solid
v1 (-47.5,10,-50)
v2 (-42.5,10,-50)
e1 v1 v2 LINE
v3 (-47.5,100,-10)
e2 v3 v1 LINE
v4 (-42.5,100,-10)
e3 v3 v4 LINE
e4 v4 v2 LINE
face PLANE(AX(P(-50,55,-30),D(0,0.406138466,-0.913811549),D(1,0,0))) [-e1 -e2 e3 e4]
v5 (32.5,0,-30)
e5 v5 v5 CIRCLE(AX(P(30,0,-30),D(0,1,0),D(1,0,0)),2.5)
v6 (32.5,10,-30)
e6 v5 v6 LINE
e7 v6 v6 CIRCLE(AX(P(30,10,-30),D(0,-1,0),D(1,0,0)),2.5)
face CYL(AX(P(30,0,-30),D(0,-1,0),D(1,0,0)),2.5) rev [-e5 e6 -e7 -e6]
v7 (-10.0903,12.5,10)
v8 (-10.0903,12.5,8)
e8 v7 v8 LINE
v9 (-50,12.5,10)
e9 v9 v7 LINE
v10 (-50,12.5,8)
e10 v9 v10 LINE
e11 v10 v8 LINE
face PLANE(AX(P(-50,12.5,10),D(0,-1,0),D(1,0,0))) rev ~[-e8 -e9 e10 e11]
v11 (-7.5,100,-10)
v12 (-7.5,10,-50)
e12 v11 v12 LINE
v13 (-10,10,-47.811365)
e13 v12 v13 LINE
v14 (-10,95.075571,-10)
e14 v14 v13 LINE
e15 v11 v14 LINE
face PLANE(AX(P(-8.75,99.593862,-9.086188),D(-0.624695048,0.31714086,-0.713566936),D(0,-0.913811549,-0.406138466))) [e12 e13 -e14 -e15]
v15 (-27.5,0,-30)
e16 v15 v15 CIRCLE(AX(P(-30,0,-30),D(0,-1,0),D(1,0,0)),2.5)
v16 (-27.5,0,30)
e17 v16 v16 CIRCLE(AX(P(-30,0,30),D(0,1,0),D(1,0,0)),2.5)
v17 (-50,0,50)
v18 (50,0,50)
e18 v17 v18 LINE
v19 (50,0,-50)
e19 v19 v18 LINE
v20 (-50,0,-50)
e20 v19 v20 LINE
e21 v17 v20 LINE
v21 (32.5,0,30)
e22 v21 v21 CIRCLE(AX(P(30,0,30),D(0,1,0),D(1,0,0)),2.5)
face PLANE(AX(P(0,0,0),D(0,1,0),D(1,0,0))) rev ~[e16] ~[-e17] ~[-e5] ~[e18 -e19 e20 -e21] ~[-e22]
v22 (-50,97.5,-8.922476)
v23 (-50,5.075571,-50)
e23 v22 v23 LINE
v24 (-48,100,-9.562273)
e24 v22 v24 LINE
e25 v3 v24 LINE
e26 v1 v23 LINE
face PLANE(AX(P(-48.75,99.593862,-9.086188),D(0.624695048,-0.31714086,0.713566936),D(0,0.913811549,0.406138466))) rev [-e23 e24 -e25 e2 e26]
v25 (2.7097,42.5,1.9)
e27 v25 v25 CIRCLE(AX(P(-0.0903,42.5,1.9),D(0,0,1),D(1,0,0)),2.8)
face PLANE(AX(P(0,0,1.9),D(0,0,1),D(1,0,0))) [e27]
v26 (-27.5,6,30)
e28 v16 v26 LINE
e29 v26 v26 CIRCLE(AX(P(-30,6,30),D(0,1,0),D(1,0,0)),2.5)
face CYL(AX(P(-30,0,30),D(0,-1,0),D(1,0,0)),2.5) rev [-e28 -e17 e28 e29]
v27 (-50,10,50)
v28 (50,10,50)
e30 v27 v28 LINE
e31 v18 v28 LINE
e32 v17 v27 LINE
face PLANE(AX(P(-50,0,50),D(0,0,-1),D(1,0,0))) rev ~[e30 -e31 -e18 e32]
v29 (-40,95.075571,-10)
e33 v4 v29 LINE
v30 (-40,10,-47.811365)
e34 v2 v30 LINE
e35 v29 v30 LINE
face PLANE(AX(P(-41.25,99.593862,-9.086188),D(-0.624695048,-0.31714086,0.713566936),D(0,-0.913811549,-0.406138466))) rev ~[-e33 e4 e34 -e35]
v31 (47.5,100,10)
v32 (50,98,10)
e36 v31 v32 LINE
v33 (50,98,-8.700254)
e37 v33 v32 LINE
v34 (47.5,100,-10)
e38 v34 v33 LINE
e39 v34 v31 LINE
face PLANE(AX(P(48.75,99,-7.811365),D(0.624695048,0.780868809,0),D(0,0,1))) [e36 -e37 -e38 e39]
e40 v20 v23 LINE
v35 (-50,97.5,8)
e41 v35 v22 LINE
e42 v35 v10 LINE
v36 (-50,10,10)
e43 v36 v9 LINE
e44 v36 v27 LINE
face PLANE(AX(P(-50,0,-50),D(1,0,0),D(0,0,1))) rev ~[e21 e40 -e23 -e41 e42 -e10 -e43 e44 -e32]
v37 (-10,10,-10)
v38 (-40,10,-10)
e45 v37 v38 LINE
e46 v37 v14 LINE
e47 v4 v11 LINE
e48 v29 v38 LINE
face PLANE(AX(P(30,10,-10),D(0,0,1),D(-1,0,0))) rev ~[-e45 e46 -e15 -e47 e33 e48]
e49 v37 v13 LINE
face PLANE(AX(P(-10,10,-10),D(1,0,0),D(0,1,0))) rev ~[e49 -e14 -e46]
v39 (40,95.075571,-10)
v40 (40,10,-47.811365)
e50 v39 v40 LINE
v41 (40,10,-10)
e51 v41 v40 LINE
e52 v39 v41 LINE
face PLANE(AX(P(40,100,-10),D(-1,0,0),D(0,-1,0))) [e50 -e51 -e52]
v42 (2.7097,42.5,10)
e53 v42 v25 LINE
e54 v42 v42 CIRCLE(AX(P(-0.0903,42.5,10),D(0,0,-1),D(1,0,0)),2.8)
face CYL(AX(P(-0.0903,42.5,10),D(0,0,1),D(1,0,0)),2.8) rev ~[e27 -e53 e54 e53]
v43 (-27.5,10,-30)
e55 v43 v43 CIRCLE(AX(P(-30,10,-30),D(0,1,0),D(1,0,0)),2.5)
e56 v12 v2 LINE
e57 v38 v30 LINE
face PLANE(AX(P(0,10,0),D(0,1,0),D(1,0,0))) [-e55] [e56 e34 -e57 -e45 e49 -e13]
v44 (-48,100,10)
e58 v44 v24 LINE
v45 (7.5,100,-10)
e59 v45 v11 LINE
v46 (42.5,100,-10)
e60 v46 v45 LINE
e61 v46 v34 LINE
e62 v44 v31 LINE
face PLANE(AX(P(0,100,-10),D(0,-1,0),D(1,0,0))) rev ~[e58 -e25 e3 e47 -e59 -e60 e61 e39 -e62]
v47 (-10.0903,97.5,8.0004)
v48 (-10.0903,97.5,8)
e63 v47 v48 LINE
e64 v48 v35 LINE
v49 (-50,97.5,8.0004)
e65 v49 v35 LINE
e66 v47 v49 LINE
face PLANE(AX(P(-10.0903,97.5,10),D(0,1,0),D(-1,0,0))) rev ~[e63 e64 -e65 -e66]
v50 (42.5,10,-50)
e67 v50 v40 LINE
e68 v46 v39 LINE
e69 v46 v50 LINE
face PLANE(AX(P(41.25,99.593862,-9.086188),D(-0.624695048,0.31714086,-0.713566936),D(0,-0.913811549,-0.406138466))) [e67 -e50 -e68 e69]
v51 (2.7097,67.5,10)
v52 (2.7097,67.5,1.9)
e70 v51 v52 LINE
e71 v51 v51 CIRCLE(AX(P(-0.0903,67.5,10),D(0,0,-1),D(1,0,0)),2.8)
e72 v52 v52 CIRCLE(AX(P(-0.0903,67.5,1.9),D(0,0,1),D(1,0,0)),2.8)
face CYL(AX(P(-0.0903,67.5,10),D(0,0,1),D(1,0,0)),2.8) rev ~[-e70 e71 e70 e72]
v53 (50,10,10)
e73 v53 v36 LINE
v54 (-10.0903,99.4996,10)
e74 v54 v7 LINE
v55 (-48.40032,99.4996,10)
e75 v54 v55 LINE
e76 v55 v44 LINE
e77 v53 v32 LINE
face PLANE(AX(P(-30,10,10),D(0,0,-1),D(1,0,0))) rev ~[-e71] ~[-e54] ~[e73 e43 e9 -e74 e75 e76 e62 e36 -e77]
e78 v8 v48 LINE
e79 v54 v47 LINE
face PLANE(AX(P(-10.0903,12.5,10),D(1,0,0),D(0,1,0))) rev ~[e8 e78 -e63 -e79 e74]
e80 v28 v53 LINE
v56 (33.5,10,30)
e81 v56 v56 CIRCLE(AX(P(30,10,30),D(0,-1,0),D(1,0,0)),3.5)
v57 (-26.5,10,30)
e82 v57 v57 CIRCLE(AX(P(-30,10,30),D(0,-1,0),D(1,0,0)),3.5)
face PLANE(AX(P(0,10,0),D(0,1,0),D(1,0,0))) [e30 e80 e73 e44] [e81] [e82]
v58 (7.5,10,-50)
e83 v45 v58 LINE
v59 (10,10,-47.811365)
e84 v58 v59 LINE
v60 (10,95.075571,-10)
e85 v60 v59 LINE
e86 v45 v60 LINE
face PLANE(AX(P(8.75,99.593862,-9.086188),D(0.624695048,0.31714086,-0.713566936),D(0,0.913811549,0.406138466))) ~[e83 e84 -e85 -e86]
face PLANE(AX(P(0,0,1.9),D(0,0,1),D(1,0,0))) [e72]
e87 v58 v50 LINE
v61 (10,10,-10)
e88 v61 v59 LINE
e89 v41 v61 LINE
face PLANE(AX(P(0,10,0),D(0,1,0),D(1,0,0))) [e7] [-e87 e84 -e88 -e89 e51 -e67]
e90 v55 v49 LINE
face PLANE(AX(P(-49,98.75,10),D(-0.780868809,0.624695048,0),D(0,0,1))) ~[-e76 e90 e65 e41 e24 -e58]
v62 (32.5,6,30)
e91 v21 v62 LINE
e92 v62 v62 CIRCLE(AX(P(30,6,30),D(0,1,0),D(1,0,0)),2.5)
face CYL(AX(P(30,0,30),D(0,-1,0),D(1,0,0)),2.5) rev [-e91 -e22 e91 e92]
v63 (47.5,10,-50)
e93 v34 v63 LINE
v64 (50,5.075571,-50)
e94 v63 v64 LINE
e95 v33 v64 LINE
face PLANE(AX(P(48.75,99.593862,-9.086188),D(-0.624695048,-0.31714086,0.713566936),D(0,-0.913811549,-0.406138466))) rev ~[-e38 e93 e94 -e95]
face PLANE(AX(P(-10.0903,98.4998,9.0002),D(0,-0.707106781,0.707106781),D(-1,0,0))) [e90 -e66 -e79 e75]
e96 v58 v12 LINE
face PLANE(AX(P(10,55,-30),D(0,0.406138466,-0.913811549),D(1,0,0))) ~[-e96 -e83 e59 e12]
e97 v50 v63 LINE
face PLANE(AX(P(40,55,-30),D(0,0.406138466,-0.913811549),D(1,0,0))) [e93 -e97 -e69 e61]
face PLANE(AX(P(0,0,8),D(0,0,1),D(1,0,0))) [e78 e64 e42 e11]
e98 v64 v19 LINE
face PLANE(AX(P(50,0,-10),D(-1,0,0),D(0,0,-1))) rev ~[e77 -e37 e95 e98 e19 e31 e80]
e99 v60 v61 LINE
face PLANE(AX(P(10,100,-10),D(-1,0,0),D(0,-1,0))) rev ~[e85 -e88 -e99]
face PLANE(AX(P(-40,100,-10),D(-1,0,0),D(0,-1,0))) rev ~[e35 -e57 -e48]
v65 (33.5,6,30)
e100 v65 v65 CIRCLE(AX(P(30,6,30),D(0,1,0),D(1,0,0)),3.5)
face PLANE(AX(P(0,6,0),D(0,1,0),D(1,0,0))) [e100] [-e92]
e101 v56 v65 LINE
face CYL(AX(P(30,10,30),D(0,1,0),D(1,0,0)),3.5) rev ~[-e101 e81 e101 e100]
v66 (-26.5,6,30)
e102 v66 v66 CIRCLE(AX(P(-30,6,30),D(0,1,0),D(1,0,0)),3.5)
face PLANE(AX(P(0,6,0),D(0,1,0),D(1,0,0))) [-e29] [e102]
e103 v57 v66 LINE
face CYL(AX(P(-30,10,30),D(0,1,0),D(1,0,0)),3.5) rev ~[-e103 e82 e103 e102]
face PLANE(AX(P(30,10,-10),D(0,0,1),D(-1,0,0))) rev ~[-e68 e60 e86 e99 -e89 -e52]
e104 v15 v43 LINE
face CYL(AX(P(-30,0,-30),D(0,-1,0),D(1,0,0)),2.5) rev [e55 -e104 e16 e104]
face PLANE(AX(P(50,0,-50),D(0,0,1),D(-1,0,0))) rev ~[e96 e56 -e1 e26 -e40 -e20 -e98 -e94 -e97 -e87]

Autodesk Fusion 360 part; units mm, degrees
sketch "Sketch1" plane through (0, 0, 0) normal (0, 1, 0) x (1, 0, 0)
  line L0 (30, 30) -> (-30, 30)
  line L1 (-30, 30) -> (-30, -30)
  line L2 (-30, -30) -> (30, -30)
  line L3 (30, -30) -> (30, 30)
  line L4 (30, 30) -> (-30, -30) construction
  line L5 (-30, 30) -> (30, -30) construction
  circle A0 centre (-30, 30) radius 2.5
  circle A1 centre (30, 30) radius 2.5
  circle A2 centre (-30, -30) radius 2.5
  circle A3 centre (30, -30) radius 2.5
  line L6 (50, 50) -> (-50, 50)
  line L7 (-50, 50) -> (-50, -50)
  line L8 (-50, -50) -> (50, -50)
  line L9 (50, -50) -> (50, 50)
  line L10 (50, 50) -> (-50, -50) construction
  line L11 (-50, 50) -> (50, -50) construction
  line L12 (50, 10) -> (-50, 10)
  line L13 (-50, 10) -> (-50, -10)
  line L14 (-50, -10) -> (50, -10)
  line L15 (50, -10) -> (50, 10)
  line L16 (50, 10) -> (-50, -10) construction
  line L17 (-50, 10) -> (50, -10) construction
  circle A4 centre (-30, -30) radius 3.5
  circle A5 centre (30, -30) radius 3.5
  dimension "d1" = 60
  dimension "d2" = 60
  dimension "d3" = 5
  dimension "d6" = 60
  dimension "d7" = -60
  dimension "d8" = 100
  dimension "d9" = 100
  dimension "d10" = 100
  dimension "d11" = 20
  dimension "d49" = 7
  dimension "d50" = 7
extrude "Extrude1" add sketch "Sketch1" along normal blind 10 contours L0 L1 L3 A0 A1 L6 L7 L9 L12 | L0 L1 L3 A0 A1 L12 | L1 L3 L12 L14 | L1 L7 L12 L13 L14 | L3 L9 L12 L14 L15 | L1 L2 L3 L14 A4 A5 | L1 L2 L3 L7 L8 L9 L14 A4 A5 | L1 L2 A2 A4 | L1 L2 A2 A4 | L2 L3 A3 A5 | L2 L3 A3 A5
extrude "Extrude2" add sketch "Sketch1" along normal blind 90 from surface at 10 contours L1 L3 L12 L14 | L1 L7 L12 L13 L14 | L3 L9 L12 L14 L15
sketch "Sketch2" plane through (0, 0, -10) normal (0, 0, -1) x (-1, 0, 0)
  line L0 (-50, 10) -> (50, 10)
  line L1 (50, 10) -> (50, 100)
  line L2 (50, 100) -> (-50, 100)
  line L3 (-50, 100) -> (-50, 10)
  line L4 (-50, 100) -> (-40, 100)
  line L5 (-40, 100) -> (-40, 10)
  line L6 (-40, 10) -> (-50, 10)
  line L7 (-50, 10) -> (-50, 100)
  line L8 (50, 100) -> (40, 100)
  line L9 (40, 100) -> (40, 10)
  line L10 (40, 10) -> (50, 10)
  line L11 (50, 10) -> (50, 100)
  line L12 (0, 100) -> (0, 10)
  line L13 (10, 100) -> (-10, 100)
  line L14 (-10, 100) -> (-10, 10)
  line L15 (-10, 10) -> (10, 10)
  line L16 (10, 10) -> (10, 100)
  dimension "d17" = 10
  dimension "d19" = 10
  dimension "d22" = 20
  dimension "d23" = 20
extrude "Extrude3" add sketch "Sketch2" along normal up to surface (40 mm away) contours L0 L2 L3 L4 L5 L6 L7 | L0 L2 L12 L13 L14 L15 | L0 L2 L12 L13 L15 L16 | L0 L1 L2 L8 L9 L10 L11
chamfer "Chamfer1" distance 40 distance2 90 3 edges at (45, 100, -50) (0, 100, -50) (-45, 100, -50) measured on face at (-3.3333, 100, 3.3333) measured on face at (-3.3333, 100, 3.3333) measured on face at (-3.3333, 100, 3.3333)
chamfer "Chamfer2" distance 2.5 distance2 2 6 edges at (50, 55, -30) (40, 55, -30) (10, 55, -30) (-10, 55, -30) (-40, 55, -30) (-50, 55, -30) measured on face at (43.3333, 40, -36.6667) measured on face at (43.3333, 40, -36.6667) measured on face at (3.3333, 40, -36.6667) measured on face at (3.3333, 40, -36.6667) measured on face at (-43.3333, 70, -23.3333) measured on face at (-43.3333, 70, -23.3333)
chamfer "Chamfer3" distance 2.5 distance2 2 2 edges at (50, 100, 1.0943) (-50, 100, 1.0943) measured on face at (-2.5, 100, 3.3333) measured on face at (-50, 38.3585, -15.9371)
sketch "Sketch3" plane through (0, 0, 10) normal (0, 0, 1) x (1, 0, 0)
  line L0 (-48, 100) -> (-50, 97.5)
  line L1 (-50, 97.5) -> (-50, 10)
  line L2 (-50, 10) -> (50, 10)
  line L3 (50, 10) -> (50, 98)
  line L4 (50, 98) -> (47.5, 100)
  line L5 (47.5, 100) -> (-48, 100)
  line L6 (-0.25, 100) -> (0, 10)
  line L7 (-50, 10) -> (50, 10)
  line L8 (50, 10) -> (50, 100)
  line L9 (50, 100) -> (-50, 100)
  line L10 (-50, 100) -> (-50, 10)
  line L11 (50, 55) -> (-50, 55) construction
  circle A0 centre (-0.0903, 42.5) radius 2.8
  circle A1 centre (-0.0903, 67.5) radius 2.8
  line L12 (-50, 12.5) -> (-10.0903, 12.5)
  line L13 (-10.0903, 12.5) -> (-10.0903, 97.5)
  line L14 (-10.0903, 97.5) -> (-50, 97.5)
  line L15 (-50, 97.5) -> (-50, 12.5)
  dimension "d43" = 90
  dimension "d44" = 100
  dimension "d45" = 5.6
  dimension "d46" = 12.5
  dimension "d54" = 85
  dimension "d55" = 10
extrude "Extrude4" cut sketch "Sketch3" against normal blind 8.1 contours L6 A1 | L6 A1 | L6 A0 | L6 A0
extrude "Extrude5" cut sketch "Sketch1" against normal blind 4 from surface at 10 contours L1 L2 A2 A4 | L1 L2 A2 A4 | L2 L3 A3 A5 | L2 L3 A3 A5
extrude "Extrude6" cut sketch "Sketch3" against normal blind 2 contours L1 L10 L12 L13 L14 L15
chamfer "Chamfer4" distance 2 angle 45 1 edges at (-30.0451, 97.5, 10)
equation "d46 = ( 25 / 2 ) * 1 mm"
